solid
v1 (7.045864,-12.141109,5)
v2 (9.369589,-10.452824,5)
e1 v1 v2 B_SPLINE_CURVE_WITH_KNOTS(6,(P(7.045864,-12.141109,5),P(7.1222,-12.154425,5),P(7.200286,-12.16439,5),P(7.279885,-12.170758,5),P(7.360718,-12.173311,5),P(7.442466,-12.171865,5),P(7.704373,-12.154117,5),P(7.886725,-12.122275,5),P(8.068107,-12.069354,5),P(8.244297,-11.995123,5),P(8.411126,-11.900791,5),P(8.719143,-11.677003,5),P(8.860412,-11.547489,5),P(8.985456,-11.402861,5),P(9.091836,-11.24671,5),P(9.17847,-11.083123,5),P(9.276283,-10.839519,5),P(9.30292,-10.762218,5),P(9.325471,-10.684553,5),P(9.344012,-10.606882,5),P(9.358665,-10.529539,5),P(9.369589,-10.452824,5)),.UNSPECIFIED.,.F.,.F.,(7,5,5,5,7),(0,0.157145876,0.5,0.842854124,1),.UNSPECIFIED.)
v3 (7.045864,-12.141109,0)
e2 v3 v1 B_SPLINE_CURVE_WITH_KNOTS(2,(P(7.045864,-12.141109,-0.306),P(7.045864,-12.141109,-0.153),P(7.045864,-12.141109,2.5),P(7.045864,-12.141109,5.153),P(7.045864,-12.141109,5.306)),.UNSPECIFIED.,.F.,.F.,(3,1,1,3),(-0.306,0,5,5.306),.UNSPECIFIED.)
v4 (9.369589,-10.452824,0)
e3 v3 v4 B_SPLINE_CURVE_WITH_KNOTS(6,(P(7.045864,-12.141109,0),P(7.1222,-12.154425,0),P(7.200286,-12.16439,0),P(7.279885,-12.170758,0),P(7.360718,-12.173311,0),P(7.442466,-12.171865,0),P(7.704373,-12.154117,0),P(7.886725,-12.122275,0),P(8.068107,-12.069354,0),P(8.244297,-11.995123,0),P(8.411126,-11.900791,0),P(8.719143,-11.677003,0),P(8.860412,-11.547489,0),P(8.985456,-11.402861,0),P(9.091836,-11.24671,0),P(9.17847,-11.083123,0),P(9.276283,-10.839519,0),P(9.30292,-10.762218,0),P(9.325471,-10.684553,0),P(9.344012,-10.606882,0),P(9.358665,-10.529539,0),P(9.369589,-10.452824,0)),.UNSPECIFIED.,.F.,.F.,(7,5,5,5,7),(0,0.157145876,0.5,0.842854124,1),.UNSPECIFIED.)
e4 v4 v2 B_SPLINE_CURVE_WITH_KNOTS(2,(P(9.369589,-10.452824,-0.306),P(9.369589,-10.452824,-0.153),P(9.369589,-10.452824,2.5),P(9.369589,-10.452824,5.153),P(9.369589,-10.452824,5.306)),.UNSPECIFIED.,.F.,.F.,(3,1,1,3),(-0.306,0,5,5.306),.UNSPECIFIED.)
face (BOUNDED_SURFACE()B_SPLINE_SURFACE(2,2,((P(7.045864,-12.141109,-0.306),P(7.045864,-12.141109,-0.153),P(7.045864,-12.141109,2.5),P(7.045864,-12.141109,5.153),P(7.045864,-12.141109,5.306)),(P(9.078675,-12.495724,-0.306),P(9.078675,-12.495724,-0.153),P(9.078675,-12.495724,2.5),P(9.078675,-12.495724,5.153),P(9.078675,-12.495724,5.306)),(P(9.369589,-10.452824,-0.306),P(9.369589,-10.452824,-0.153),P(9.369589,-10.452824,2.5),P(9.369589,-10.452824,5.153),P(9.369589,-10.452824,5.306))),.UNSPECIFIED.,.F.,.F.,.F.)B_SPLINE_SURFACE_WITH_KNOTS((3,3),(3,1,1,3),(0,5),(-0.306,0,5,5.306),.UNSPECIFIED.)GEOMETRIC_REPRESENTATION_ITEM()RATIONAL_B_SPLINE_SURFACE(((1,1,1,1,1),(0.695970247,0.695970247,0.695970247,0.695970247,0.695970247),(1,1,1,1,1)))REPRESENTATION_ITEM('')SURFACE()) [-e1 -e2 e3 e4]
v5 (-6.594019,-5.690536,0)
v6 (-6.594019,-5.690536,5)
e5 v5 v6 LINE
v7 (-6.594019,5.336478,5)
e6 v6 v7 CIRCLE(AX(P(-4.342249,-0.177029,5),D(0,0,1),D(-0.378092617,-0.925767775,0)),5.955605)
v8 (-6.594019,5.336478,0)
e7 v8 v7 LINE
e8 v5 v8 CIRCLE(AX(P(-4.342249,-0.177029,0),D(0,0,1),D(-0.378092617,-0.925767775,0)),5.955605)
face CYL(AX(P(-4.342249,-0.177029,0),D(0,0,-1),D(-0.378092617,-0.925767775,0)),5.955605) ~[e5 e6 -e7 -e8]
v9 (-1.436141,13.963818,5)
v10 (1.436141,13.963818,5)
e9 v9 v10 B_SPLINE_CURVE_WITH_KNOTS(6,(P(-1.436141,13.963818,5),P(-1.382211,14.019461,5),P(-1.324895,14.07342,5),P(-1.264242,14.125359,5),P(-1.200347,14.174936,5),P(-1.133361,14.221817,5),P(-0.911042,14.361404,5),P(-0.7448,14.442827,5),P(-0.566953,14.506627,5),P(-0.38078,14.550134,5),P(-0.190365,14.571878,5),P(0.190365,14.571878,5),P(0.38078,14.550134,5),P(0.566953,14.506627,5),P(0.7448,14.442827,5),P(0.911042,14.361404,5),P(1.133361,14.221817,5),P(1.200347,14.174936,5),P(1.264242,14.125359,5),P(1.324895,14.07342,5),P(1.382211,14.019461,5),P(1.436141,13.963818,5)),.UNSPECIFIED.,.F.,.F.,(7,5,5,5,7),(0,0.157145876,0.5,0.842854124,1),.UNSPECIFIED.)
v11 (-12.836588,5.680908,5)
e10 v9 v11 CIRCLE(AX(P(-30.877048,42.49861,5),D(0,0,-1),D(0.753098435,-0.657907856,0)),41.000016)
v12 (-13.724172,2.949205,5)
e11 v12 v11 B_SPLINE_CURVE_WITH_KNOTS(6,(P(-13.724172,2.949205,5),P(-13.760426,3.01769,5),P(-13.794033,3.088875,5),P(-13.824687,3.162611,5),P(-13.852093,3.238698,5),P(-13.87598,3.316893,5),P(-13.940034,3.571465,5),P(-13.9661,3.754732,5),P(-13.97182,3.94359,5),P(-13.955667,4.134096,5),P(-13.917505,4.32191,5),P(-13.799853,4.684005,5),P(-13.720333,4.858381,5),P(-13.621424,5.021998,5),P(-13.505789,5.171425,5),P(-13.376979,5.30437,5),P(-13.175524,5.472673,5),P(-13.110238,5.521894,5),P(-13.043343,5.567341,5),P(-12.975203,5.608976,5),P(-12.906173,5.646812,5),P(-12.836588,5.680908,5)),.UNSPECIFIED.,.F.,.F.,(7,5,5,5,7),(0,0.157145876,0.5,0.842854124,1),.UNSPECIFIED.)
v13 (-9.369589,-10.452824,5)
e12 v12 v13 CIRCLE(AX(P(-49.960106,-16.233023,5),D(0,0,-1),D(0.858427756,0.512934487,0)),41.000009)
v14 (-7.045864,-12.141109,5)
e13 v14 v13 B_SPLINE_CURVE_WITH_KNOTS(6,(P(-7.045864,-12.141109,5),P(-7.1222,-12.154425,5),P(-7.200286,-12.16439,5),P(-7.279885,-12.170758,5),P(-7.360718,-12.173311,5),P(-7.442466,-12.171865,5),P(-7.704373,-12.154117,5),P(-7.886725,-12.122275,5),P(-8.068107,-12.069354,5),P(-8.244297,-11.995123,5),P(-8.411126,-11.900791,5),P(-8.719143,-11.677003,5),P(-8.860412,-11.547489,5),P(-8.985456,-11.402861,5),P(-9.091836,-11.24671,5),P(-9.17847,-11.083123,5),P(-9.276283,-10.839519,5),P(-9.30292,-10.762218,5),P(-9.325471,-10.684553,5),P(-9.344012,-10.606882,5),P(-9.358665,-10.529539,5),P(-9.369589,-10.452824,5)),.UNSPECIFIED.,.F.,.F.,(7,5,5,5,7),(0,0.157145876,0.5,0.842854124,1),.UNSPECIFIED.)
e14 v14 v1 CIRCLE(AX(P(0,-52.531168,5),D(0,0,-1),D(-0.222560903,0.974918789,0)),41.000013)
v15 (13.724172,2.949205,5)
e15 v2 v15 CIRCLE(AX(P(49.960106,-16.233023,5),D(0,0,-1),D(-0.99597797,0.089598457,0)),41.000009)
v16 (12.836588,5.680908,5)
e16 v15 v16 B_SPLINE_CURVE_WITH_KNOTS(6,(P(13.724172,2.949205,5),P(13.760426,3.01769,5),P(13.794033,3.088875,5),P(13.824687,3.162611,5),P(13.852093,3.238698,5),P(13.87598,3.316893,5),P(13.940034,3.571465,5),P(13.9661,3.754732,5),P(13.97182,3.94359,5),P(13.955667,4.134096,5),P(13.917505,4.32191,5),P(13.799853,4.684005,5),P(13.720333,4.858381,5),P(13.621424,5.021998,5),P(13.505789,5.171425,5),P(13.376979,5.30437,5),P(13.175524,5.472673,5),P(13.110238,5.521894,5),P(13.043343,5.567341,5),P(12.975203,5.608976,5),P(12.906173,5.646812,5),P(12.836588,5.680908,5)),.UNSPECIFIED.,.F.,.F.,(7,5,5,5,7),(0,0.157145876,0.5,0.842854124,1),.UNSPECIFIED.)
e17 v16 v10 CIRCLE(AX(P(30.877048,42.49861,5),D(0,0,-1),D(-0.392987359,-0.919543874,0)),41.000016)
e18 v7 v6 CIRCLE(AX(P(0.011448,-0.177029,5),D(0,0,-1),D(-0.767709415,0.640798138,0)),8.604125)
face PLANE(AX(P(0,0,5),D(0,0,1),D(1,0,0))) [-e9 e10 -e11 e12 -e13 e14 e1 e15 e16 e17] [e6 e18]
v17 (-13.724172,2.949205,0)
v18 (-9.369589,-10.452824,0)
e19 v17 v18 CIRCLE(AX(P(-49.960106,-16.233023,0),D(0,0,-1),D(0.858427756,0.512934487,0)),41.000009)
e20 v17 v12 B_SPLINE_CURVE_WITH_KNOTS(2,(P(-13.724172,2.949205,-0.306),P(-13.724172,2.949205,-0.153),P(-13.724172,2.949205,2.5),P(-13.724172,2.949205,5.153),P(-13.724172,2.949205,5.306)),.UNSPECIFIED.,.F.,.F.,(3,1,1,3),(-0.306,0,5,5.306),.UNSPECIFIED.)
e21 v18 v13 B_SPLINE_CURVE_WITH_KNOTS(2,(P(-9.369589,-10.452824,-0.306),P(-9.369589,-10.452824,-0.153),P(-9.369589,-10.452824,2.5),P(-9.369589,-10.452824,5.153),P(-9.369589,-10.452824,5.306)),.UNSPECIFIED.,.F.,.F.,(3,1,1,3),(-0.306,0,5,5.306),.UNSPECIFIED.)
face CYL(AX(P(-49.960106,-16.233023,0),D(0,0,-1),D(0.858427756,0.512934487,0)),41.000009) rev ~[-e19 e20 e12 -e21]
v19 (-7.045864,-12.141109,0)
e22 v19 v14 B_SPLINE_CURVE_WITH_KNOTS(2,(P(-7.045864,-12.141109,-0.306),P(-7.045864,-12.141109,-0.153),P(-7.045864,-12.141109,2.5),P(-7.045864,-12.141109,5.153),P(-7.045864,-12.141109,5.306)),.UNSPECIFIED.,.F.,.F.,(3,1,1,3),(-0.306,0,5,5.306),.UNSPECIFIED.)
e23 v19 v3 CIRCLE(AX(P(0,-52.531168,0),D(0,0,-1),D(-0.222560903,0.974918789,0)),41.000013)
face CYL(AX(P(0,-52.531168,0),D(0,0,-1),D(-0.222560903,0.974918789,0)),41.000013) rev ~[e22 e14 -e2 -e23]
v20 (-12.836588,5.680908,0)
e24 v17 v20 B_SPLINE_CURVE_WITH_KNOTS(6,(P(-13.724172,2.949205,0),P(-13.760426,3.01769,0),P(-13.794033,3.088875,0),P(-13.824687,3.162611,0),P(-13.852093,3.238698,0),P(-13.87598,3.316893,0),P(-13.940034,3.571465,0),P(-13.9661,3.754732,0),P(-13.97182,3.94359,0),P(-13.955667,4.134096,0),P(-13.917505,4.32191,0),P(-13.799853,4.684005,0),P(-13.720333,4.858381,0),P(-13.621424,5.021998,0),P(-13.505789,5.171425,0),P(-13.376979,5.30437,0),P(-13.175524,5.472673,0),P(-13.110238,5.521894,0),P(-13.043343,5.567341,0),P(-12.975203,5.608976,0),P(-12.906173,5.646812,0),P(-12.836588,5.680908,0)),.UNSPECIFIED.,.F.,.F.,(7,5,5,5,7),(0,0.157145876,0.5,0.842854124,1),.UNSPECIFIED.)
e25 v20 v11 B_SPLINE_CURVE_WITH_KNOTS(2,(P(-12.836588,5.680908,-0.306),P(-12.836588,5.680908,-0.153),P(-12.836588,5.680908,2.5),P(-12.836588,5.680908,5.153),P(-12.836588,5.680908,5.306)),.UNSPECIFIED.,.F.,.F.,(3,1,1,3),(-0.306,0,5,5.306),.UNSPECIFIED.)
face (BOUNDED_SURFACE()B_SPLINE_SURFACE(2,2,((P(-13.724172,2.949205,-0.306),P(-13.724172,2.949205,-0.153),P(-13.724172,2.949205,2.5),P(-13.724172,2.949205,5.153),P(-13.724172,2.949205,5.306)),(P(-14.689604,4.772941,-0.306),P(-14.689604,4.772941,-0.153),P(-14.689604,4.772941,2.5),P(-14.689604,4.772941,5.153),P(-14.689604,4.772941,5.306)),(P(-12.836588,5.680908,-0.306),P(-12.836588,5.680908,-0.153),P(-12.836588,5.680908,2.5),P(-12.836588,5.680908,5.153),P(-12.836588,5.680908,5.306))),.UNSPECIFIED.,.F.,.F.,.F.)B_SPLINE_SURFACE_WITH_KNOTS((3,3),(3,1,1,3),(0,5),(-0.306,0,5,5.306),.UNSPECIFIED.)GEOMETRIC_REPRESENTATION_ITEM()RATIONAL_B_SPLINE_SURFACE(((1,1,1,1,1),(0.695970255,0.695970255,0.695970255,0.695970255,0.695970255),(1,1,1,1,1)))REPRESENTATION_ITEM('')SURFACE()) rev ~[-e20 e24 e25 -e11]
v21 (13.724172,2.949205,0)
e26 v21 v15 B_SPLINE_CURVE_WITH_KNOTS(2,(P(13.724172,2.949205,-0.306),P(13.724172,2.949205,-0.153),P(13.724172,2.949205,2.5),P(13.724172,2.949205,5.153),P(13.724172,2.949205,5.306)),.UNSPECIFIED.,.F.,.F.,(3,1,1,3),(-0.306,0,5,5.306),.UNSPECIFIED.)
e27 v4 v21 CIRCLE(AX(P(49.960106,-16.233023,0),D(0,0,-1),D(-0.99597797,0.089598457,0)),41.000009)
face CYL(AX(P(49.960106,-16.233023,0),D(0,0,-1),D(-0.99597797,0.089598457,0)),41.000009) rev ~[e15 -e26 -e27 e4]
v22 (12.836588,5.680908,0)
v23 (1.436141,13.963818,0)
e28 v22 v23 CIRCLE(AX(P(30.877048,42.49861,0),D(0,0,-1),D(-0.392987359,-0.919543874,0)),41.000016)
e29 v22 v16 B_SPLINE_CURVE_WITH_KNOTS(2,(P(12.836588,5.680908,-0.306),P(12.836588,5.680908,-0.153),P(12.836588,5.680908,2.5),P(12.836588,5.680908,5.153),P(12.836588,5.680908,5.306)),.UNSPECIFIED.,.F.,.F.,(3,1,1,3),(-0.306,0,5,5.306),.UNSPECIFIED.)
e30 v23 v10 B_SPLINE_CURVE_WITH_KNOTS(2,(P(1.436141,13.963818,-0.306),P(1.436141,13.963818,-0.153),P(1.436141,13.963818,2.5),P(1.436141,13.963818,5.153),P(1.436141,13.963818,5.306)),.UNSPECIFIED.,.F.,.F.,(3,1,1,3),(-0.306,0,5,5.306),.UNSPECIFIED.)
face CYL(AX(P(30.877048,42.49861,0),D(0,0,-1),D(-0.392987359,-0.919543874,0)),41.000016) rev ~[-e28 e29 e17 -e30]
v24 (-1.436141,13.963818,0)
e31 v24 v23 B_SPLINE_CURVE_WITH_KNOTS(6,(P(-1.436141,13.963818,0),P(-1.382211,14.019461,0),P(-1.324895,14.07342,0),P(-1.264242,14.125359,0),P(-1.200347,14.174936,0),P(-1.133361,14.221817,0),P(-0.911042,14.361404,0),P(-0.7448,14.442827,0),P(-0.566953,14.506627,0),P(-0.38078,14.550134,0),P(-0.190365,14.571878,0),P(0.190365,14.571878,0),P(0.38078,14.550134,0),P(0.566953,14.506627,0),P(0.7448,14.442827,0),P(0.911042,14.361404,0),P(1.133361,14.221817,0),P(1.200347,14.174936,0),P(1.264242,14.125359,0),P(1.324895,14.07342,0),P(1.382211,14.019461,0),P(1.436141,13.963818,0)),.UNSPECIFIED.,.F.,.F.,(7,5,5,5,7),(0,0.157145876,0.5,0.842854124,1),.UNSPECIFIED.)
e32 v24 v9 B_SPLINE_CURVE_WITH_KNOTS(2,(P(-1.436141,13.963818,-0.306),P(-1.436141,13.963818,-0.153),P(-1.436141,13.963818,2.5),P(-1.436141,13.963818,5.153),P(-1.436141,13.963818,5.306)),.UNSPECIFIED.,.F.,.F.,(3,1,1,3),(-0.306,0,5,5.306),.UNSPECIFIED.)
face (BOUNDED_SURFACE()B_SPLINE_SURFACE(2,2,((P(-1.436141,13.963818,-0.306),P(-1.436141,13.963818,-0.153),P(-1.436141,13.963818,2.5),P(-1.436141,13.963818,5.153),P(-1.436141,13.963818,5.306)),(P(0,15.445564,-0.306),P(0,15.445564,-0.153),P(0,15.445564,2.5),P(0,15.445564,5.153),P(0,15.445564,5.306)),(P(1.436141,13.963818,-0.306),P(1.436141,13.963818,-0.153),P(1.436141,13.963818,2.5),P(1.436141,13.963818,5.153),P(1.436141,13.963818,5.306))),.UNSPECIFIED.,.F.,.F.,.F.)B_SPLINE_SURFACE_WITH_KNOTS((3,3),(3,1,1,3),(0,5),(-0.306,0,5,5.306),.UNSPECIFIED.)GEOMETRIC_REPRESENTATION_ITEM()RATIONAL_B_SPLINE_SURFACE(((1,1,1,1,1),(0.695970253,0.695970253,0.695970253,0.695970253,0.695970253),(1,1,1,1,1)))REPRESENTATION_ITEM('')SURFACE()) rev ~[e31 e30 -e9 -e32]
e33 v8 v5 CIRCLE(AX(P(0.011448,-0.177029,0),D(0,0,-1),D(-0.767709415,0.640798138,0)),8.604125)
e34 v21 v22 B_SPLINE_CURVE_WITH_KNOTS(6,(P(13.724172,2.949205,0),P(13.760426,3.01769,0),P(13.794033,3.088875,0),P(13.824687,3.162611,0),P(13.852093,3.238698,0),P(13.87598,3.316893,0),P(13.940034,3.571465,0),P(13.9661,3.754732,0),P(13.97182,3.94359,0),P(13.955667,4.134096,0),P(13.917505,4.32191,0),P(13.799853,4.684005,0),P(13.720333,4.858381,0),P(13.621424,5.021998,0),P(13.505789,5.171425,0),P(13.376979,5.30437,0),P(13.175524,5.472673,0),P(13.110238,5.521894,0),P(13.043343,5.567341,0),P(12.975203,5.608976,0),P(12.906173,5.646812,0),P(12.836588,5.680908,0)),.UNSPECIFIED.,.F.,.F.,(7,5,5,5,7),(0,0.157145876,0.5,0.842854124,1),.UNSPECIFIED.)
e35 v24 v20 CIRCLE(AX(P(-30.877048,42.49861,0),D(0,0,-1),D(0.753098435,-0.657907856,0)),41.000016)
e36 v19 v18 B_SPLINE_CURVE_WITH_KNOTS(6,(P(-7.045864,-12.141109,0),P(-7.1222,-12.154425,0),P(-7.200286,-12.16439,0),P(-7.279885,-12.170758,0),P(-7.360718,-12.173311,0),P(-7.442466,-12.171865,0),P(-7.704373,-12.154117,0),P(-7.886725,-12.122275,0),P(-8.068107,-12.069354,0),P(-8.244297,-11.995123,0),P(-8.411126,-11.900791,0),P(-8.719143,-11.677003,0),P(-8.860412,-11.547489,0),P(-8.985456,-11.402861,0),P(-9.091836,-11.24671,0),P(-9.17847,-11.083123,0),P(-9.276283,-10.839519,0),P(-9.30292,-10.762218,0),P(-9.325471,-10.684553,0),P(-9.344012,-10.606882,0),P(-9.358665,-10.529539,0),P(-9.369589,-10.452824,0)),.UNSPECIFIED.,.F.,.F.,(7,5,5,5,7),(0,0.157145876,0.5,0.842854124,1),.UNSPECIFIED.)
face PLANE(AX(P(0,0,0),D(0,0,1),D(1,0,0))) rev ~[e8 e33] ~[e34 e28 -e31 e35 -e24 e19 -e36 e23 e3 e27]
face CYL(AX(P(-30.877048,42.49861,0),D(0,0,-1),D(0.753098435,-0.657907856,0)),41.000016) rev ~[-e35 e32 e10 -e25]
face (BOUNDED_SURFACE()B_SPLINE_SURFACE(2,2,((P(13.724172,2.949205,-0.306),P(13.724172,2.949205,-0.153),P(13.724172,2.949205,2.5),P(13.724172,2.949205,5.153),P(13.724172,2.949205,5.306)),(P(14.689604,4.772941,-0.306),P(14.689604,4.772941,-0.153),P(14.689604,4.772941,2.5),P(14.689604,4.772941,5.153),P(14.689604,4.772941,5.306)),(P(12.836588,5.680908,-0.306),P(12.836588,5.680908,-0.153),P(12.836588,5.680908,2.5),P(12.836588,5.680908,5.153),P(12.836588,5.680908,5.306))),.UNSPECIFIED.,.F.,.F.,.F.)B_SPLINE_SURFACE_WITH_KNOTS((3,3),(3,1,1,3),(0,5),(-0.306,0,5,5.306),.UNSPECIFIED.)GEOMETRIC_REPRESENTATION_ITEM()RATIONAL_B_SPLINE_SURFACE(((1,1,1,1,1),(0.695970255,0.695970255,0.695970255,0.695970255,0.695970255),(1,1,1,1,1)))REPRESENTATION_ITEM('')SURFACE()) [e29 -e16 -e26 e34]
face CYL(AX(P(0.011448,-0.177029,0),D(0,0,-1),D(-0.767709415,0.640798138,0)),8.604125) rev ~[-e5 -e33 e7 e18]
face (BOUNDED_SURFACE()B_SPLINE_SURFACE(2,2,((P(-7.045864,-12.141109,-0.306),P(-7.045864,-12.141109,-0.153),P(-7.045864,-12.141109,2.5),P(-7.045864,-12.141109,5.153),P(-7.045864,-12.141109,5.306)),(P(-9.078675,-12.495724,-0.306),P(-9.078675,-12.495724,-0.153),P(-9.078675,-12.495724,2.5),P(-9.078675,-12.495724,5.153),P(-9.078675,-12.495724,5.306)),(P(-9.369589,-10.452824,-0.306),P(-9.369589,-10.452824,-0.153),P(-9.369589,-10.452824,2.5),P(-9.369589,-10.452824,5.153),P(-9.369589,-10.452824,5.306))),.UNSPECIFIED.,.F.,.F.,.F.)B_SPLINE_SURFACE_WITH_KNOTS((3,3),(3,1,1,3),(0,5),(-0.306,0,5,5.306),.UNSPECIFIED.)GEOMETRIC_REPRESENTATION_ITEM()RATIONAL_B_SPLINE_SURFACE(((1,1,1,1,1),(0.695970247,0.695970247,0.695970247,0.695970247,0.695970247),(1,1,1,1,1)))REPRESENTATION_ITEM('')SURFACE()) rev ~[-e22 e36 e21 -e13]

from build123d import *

# Parameters (mm, degrees)
F1_DEPTH = 5
F2_R     = 2


with BuildPart() as f1:
    # F0 (on Top) → F1 (new body)
    with BuildSketch(Plane.XY):
        with BuildLine():
            ThreePointArc((-9.125, -12.559485), (0, -11.531155), (9.125, -12.559485))
            ThreePointArc((9.125, -12.559485), (10.96678, -3.563323), (14.76456, 4.797296))
            ThreePointArc((14.76456, 4.797296), (6.777843, 9.3289), (0, 15.524377))
            ThreePointArc((0, 15.524377), (-6.777843, 9.3289), (-14.76456, 4.797296))
            ThreePointArc((-14.76456, 4.797296), (-10.96678, -3.563323), (-9.125, -12.559485))
        make_face()
        with BuildLine():
            ThreePointArc((-6.594019, 5.336478), (8.615573, -0.177029), (-6.594019, -5.690536))
            ThreePointArc((-6.594019, -5.690536), (1.613356, -0.177029), (-6.594019, 5.336478))
        make_face(mode=Mode.SUBTRACT)
    extrude(amount=F1_DEPTH)

    # F2
    f2_edges = [f1.edges().sort_by_distance(p)[0] for p in [
        (-14.76456, 4.797296, 2.5),
        (0, 15.524377, 2.5),
        (14.76456, 4.797296, 2.5),
        (9.125, -12.559485, 2.5),
        (-9.125, -12.559485, 2.5),
    ]]
    fillet(f2_edges, radius=F2_R)


solid = f1.part
